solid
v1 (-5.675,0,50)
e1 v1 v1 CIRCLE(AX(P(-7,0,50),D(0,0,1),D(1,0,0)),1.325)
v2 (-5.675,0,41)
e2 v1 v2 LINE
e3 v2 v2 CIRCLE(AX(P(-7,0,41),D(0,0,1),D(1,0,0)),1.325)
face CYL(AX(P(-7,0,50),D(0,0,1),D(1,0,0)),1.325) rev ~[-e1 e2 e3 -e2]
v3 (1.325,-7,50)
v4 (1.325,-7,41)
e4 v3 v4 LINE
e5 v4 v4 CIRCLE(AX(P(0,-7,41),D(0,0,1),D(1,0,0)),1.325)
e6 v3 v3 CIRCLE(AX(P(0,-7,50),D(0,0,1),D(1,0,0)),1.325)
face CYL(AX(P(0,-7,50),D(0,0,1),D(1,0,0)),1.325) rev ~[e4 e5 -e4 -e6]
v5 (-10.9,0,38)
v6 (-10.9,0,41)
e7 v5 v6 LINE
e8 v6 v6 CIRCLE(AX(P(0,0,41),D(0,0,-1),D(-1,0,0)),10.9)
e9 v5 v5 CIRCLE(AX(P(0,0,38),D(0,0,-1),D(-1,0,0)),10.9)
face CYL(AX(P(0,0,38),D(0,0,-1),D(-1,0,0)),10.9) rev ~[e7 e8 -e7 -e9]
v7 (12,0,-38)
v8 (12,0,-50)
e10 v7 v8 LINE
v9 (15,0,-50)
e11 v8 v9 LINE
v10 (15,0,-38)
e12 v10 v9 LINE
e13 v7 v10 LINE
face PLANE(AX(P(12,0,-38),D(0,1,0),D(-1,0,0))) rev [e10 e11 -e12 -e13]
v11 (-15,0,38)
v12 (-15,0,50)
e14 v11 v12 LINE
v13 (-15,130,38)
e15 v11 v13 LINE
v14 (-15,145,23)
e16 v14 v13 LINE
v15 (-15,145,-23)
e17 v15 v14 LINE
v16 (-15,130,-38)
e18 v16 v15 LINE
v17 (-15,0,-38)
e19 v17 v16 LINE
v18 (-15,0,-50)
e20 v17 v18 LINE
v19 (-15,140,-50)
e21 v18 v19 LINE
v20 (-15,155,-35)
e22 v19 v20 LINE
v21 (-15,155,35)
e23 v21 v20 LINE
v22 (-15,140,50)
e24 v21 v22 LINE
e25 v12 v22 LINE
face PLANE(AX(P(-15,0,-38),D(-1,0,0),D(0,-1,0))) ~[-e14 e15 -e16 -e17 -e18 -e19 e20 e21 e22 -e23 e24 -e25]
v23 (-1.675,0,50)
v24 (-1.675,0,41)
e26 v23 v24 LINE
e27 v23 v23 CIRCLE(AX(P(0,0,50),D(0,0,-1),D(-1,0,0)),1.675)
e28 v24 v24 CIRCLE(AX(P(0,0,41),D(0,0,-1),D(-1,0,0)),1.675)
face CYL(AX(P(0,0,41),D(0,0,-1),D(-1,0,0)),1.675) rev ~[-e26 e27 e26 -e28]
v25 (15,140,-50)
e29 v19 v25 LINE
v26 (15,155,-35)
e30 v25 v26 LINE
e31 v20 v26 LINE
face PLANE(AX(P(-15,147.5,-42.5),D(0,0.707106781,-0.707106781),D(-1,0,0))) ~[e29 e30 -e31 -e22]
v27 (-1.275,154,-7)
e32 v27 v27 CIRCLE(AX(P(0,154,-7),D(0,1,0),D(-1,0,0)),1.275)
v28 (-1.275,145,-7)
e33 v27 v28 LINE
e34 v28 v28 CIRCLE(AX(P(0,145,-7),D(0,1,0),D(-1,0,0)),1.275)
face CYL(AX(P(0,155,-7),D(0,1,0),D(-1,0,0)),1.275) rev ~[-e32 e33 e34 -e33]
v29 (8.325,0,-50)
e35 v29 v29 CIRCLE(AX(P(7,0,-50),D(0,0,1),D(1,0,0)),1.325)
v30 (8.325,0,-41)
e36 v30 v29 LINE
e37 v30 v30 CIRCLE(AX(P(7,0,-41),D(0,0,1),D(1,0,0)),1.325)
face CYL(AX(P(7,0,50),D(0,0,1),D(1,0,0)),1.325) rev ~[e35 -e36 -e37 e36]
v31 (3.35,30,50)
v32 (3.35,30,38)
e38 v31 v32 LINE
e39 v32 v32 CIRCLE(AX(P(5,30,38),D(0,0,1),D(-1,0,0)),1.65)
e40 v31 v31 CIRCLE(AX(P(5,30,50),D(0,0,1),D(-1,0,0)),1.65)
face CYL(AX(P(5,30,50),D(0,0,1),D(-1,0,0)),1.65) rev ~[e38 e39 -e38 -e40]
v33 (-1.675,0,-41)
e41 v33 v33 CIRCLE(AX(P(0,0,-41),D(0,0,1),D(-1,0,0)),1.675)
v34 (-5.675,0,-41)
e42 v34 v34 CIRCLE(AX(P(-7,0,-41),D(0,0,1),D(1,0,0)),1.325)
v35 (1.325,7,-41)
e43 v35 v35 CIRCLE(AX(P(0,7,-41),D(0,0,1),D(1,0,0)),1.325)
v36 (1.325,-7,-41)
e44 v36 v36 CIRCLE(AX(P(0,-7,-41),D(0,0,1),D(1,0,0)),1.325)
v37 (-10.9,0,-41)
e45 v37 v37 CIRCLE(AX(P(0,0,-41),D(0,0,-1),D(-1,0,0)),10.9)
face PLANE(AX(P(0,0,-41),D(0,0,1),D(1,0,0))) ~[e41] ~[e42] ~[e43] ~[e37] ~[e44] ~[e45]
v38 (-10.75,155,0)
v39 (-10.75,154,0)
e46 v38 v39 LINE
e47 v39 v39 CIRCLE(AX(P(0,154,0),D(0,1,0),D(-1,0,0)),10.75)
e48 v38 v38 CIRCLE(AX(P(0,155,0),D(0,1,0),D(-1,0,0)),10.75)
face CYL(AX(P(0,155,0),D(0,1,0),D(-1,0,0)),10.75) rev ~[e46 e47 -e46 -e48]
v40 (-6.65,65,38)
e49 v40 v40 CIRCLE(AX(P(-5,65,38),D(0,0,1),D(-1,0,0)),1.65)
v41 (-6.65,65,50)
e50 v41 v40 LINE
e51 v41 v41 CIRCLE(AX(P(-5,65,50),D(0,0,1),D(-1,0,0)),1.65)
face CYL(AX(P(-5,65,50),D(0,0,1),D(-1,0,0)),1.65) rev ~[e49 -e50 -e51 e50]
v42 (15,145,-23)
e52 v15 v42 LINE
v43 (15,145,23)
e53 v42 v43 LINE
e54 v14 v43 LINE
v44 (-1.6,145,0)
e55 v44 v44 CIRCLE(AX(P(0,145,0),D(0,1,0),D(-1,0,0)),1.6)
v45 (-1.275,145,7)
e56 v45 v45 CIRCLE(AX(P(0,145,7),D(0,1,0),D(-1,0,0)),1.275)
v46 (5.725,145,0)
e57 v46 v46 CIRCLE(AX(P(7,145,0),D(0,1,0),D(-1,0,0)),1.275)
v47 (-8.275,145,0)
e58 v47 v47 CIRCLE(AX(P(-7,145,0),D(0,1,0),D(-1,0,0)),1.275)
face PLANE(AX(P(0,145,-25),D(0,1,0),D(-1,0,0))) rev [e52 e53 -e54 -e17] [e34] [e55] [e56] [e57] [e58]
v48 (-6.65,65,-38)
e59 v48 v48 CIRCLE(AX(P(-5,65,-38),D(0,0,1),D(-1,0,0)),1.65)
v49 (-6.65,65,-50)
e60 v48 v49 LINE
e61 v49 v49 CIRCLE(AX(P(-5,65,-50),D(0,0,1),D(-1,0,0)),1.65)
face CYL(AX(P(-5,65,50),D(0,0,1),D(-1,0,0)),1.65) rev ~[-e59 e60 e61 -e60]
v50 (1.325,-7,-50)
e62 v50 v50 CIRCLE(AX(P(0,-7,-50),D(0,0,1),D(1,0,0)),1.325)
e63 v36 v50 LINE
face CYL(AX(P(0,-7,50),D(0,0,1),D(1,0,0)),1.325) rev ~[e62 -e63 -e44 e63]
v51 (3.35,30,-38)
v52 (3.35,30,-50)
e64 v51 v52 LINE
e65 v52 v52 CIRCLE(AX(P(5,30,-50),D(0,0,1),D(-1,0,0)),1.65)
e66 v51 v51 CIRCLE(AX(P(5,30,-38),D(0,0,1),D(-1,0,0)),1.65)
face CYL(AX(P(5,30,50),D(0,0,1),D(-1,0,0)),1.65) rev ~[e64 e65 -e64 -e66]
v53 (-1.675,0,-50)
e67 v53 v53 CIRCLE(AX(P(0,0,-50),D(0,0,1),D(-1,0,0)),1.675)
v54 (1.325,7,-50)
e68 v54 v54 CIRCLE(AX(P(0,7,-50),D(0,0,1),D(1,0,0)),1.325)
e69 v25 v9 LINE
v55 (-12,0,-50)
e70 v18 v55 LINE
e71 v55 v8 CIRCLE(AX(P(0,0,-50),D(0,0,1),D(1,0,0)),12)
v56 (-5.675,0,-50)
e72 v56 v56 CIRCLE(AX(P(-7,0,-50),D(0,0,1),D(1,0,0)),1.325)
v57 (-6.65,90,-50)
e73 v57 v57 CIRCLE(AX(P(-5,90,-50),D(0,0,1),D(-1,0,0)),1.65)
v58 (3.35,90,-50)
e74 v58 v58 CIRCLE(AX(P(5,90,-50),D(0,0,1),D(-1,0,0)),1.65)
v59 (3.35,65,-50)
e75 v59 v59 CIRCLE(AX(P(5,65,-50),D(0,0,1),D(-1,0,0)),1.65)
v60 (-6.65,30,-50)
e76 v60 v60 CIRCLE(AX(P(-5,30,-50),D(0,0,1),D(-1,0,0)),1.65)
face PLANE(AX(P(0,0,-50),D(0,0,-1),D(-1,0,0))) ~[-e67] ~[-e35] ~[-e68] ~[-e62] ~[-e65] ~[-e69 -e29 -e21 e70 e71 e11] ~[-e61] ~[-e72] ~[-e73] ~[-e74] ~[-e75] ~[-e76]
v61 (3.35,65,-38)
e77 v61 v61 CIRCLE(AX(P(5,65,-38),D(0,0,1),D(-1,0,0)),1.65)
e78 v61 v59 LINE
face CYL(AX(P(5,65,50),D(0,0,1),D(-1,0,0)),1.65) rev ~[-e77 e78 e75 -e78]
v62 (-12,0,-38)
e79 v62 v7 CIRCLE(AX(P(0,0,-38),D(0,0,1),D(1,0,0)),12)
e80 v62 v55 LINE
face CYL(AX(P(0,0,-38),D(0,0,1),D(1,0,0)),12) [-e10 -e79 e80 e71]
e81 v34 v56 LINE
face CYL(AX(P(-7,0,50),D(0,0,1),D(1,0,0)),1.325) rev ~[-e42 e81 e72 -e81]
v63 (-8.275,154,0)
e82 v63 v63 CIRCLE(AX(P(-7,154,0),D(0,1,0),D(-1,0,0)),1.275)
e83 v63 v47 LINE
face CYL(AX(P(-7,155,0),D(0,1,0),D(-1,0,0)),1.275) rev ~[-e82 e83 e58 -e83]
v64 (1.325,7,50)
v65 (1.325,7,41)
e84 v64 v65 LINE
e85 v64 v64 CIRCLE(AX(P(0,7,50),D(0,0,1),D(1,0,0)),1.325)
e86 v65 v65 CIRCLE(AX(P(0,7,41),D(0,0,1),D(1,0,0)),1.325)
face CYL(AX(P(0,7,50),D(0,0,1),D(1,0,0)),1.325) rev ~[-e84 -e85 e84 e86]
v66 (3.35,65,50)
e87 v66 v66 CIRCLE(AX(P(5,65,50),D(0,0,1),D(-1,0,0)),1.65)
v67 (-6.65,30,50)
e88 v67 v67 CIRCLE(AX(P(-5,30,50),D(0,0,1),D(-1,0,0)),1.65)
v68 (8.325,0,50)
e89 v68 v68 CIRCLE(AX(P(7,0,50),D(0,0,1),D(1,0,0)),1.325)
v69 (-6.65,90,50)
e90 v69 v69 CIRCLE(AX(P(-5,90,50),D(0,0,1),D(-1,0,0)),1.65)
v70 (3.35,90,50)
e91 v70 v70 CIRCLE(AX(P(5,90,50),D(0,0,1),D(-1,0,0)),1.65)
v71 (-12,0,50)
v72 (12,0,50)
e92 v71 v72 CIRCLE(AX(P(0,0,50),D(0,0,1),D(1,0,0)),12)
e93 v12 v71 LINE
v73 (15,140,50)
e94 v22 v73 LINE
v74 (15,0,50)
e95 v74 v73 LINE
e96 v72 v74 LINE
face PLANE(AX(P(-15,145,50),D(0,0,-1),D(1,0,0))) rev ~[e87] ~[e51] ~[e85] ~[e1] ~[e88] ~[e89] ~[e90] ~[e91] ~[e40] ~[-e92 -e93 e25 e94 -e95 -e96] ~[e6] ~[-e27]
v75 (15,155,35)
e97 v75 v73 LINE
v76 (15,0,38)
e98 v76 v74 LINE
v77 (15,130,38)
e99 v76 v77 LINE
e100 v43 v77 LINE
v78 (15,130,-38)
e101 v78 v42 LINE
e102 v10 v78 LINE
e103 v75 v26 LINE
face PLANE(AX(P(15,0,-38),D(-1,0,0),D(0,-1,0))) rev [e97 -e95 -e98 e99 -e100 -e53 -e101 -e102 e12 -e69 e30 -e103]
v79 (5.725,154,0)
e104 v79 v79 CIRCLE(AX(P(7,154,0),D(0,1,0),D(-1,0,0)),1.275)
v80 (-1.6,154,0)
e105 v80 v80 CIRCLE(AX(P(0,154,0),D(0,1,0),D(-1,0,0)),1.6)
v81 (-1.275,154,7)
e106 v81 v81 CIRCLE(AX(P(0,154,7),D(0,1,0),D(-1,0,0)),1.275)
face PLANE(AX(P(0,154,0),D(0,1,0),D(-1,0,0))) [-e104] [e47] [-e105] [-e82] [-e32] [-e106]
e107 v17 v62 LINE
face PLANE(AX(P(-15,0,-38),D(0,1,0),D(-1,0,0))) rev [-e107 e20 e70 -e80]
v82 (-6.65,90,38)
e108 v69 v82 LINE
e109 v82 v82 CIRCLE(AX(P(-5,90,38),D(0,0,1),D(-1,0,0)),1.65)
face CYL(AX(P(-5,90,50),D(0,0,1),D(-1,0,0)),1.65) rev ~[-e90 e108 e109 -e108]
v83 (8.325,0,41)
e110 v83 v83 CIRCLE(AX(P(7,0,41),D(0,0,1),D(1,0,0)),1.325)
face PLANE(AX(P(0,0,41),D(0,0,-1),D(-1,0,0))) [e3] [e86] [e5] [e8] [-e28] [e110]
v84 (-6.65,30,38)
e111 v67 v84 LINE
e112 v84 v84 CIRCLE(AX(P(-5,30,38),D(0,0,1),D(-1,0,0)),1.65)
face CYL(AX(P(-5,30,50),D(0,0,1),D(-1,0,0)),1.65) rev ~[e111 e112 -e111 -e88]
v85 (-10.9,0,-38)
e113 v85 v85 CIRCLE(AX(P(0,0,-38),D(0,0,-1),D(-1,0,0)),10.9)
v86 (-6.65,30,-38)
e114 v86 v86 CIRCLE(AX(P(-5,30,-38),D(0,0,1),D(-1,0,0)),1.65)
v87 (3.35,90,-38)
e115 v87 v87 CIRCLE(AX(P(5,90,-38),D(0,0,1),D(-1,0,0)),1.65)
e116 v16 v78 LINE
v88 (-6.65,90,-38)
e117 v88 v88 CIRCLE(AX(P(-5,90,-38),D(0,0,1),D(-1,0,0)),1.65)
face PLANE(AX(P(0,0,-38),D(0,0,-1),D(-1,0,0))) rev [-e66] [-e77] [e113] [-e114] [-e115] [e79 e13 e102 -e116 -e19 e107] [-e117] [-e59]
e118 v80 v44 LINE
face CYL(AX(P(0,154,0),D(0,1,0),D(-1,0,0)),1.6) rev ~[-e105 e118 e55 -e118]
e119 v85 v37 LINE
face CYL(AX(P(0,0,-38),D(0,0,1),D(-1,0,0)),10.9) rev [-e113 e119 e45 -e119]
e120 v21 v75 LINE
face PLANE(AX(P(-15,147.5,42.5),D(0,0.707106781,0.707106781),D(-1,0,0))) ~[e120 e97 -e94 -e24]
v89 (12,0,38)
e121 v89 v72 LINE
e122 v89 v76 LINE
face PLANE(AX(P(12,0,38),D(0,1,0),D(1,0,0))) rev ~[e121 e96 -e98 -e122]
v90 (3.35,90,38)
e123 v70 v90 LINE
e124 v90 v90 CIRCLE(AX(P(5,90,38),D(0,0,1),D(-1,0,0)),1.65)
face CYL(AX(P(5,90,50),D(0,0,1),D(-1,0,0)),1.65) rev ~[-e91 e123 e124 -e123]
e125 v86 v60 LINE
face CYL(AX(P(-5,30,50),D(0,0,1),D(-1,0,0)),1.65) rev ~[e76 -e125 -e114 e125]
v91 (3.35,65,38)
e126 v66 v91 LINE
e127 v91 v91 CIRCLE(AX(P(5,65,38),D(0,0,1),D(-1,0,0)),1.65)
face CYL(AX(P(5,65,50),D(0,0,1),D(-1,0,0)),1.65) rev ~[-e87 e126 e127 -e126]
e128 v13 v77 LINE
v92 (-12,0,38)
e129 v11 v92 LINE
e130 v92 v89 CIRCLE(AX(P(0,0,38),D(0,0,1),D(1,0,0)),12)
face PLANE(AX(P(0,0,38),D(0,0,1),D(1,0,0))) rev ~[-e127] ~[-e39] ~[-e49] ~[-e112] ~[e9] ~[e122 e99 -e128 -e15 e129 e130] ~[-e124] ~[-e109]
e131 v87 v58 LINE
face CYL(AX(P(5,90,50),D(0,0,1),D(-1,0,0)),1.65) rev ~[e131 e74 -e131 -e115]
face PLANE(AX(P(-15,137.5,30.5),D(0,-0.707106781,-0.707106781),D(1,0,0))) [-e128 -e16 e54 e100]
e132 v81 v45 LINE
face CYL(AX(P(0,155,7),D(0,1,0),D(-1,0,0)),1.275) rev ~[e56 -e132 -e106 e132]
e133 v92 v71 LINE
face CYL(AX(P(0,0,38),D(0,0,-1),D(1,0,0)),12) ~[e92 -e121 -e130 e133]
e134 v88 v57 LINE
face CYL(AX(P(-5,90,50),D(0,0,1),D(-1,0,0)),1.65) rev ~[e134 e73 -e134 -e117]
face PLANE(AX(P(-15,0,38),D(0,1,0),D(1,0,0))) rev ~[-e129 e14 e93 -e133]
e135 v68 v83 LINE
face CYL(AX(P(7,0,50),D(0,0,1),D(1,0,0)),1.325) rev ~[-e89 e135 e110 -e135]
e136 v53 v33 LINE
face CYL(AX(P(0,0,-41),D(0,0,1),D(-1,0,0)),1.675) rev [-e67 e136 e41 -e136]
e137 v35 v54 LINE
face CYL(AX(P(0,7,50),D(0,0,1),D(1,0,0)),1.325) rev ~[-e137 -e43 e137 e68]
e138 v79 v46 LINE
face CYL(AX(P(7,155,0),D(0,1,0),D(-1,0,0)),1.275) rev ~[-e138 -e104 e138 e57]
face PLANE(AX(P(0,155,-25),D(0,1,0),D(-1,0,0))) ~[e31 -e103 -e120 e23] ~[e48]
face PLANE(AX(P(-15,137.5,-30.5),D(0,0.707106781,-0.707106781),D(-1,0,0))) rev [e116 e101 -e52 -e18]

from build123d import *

# Parameters (mm, degrees)
SKETCH_1_R          = 12
SKETCH_1_W          = 30
SKETCH_1_H          = 145
EXTRUDE_1_DEPTH     = 12
SKETCH_2_W          = 30
SKETCH_2_H          = 50
EXTRUDE_2_DEPTH     = 10
SKETCH_3_R          = 10.9
CUT_EXTRUDE_1_DEPTH = 3
SKETCH_4_R          = 1.675
CUT_EXTRUDE_2_DEPTH = 18
CHAMFER_1_SIZE      = 15
SKETCH_5_R          = 10.75
CUT_EXTRUDE_3_DEPTH = 1
SKETCH_8_R          = 1.6
CUT_EXTRUDE_4_DEPTH = 14
SKETCH_9_R          = 1.325
CUT_EXTRUDE_5_DEPTH = 120
SKETCH_10_R         = 1.275
CUT_EXTRUDE_6_DEPTH = 120
SKETCH_11_R         = 1.65
CUT_EXTRUDE_7_DEPTH = 130
SKETCH_12_R         = 1.65
CUT_EXTRUDE_8_DEPTH = 120


with BuildPart() as part:
    # 草图1 → 凸台-拉伸1 (new body)
    with BuildSketch(Plane.XY.offset(38)):
        Circle(SKETCH_1_R)
        with Locations((0, 72.5)):
            Rectangle(SKETCH_1_W, SKETCH_1_H)
        with BuildLine():
            ThreePointArc((12, 0), (0, 12), (-12, 0))
            Line((-12, 0), (12, 0))
        make_face()
        with BuildLine():
            Line((12, 0), (-12, 0))
            ThreePointArc((-12, 0), (0, -12), (12, 0))
        make_face()
    extrude_1 = extrude(amount=EXTRUDE_1_DEPTH)

    # 草图2 → 凸台-拉伸2 (add)
    with BuildSketch(Plane(origin=(0, 145, 0), x_dir=(1, 0, 0), z_dir=(0, 1, 0))):
        with Locations((0, -25)):
            Rectangle(SKETCH_2_W, SKETCH_2_H)
    extrude_2 = extrude(amount=EXTRUDE_2_DEPTH)

    # 草图3 → 切除-拉伸1 (cut)
    with BuildSketch(Plane(origin=(0, 0, 38), x_dir=(-1, 0, 0), z_dir=(0, 0, -1))):
        Circle(SKETCH_3_R)
    cut_extrude_1 = extrude(amount=-CUT_EXTRUDE_1_DEPTH, mode=Mode.SUBTRACT)

    # 草图4 → 切除-拉伸2 (cut, symmetric)
    with BuildSketch(Plane(origin=(0, 0, 41), x_dir=(-1, 0, 0), z_dir=(0, 0, -1))):
        Circle(SKETCH_4_R)
    cut_extrude_2 = extrude(amount=CUT_EXTRUDE_2_DEPTH, both=True, mode=Mode.SUBTRACT)

    # 镜向1: 凸台-拉伸2 across plane
    add(extrude_2.mirror(Plane.XY))

    # 镜向2: 凸台-拉伸1, 切除-拉伸1, 切除-拉伸2 across plane
    add(extrude_1.mirror(Plane.XY))
    add(cut_extrude_1.mirror(Plane.XY), mode=Mode.SUBTRACT)
    add(cut_extrude_2.mirror(Plane.XY), mode=Mode.SUBTRACT)

    # 倒角1
    chamfer_1_edges = [part.edges().sort_by_distance(p)[0] for p in [
        (0, 155, 50),
        (0, 155, -50),
        (0, 145, -38),
        (0, 145, 38),
    ]]
    chamfer(chamfer_1_edges, length=CHAMFER_1_SIZE)

    # 草图5 → 切除-拉伸3 (cut)
    with BuildSketch(Plane(origin=(0, 155, 0), x_dir=(1, 0, 0), z_dir=(0, 1, 0))):
        with Locations(Location((0, 0, 0), (0, 0, 180))):
            Circle(SKETCH_5_R)
    extrude(amount=-CUT_EXTRUDE_3_DEPTH, mode=Mode.SUBTRACT)

    # 草图8 → 切除-拉伸4 (cut)
    with BuildSketch(Plane(origin=(0, 154, 0), x_dir=(1, 0, 0), z_dir=(0, 1, 0))):
        with Locations(Location((0, 0, 0), (0, 0, 180))):
            Circle(SKETCH_8_R)
    extrude(amount=-CUT_EXTRUDE_4_DEPTH, mode=Mode.SUBTRACT)

    # 草图9 → 切除-拉伸5 (cut)
    with BuildSketch(Plane.XY.offset(50)):
        with Locations((-7, 0)):
            Circle(SKETCH_9_R)
        with Locations((0, 7)):
            Circle(SKETCH_9_R)
        with Locations((7, 0)):
            Circle(SKETCH_9_R)
        with Locations((0, -7)):
            Circle(SKETCH_9_R)
    extrude(amount=-CUT_EXTRUDE_5_DEPTH, mode=Mode.SUBTRACT)

    # 草图10 → 切除-拉伸6 (cut)
    with BuildSketch(Plane(origin=(0, 155, 0), x_dir=(1, 0, 0), z_dir=(0, 1, 0))):
        with Locations(Location((-7, 0, 0), (0, 0, 180))):
            Circle(SKETCH_10_R)
        with Locations(Location((0, 7, 0), (0, 0, 180))):
            Circle(SKETCH_10_R)
        with Locations(Location((7, 0, 0), (0, 0, 180))):
            Circle(SKETCH_10_R)
        with Locations(Location((0, -7, 0), (0, 0, 180))):
            Circle(SKETCH_10_R)
    extrude(amount=-CUT_EXTRUDE_6_DEPTH, mode=Mode.SUBTRACT)

    # 草图11 → 切除-拉伸7 (cut)
    with BuildSketch(Plane.XY.offset(50)):
        with Locations(Location((-5, 30, 0), (0, 0, 180))):
            Circle(SKETCH_11_R)
        with Locations(Location((5, 30, 0), (0, 0, 180))):
            Circle(SKETCH_11_R)
        with Locations(Location((-5, 90, 0), (0, 0, 180))):
            Circle(SKETCH_11_R)
        with Locations(Location((5, 90, 0), (0, 0, 180))):
            Circle(SKETCH_11_R)
    extrude(amount=-CUT_EXTRUDE_7_DEPTH, mode=Mode.SUBTRACT)

    # 草图12 → 切除-拉伸8 (cut)
    with BuildSketch(Plane.XY.offset(50)):
        with Locations(Location((-5, 65, 0), (0, 0, 180))):
            Circle(SKETCH_12_R)
        with Locations(Location((5, 65, 0), (0, 0, 180))):
            Circle(SKETCH_12_R)
    extrude(amount=-CUT_EXTRUDE_8_DEPTH, mode=Mode.SUBTRACT)


solid = part.part
